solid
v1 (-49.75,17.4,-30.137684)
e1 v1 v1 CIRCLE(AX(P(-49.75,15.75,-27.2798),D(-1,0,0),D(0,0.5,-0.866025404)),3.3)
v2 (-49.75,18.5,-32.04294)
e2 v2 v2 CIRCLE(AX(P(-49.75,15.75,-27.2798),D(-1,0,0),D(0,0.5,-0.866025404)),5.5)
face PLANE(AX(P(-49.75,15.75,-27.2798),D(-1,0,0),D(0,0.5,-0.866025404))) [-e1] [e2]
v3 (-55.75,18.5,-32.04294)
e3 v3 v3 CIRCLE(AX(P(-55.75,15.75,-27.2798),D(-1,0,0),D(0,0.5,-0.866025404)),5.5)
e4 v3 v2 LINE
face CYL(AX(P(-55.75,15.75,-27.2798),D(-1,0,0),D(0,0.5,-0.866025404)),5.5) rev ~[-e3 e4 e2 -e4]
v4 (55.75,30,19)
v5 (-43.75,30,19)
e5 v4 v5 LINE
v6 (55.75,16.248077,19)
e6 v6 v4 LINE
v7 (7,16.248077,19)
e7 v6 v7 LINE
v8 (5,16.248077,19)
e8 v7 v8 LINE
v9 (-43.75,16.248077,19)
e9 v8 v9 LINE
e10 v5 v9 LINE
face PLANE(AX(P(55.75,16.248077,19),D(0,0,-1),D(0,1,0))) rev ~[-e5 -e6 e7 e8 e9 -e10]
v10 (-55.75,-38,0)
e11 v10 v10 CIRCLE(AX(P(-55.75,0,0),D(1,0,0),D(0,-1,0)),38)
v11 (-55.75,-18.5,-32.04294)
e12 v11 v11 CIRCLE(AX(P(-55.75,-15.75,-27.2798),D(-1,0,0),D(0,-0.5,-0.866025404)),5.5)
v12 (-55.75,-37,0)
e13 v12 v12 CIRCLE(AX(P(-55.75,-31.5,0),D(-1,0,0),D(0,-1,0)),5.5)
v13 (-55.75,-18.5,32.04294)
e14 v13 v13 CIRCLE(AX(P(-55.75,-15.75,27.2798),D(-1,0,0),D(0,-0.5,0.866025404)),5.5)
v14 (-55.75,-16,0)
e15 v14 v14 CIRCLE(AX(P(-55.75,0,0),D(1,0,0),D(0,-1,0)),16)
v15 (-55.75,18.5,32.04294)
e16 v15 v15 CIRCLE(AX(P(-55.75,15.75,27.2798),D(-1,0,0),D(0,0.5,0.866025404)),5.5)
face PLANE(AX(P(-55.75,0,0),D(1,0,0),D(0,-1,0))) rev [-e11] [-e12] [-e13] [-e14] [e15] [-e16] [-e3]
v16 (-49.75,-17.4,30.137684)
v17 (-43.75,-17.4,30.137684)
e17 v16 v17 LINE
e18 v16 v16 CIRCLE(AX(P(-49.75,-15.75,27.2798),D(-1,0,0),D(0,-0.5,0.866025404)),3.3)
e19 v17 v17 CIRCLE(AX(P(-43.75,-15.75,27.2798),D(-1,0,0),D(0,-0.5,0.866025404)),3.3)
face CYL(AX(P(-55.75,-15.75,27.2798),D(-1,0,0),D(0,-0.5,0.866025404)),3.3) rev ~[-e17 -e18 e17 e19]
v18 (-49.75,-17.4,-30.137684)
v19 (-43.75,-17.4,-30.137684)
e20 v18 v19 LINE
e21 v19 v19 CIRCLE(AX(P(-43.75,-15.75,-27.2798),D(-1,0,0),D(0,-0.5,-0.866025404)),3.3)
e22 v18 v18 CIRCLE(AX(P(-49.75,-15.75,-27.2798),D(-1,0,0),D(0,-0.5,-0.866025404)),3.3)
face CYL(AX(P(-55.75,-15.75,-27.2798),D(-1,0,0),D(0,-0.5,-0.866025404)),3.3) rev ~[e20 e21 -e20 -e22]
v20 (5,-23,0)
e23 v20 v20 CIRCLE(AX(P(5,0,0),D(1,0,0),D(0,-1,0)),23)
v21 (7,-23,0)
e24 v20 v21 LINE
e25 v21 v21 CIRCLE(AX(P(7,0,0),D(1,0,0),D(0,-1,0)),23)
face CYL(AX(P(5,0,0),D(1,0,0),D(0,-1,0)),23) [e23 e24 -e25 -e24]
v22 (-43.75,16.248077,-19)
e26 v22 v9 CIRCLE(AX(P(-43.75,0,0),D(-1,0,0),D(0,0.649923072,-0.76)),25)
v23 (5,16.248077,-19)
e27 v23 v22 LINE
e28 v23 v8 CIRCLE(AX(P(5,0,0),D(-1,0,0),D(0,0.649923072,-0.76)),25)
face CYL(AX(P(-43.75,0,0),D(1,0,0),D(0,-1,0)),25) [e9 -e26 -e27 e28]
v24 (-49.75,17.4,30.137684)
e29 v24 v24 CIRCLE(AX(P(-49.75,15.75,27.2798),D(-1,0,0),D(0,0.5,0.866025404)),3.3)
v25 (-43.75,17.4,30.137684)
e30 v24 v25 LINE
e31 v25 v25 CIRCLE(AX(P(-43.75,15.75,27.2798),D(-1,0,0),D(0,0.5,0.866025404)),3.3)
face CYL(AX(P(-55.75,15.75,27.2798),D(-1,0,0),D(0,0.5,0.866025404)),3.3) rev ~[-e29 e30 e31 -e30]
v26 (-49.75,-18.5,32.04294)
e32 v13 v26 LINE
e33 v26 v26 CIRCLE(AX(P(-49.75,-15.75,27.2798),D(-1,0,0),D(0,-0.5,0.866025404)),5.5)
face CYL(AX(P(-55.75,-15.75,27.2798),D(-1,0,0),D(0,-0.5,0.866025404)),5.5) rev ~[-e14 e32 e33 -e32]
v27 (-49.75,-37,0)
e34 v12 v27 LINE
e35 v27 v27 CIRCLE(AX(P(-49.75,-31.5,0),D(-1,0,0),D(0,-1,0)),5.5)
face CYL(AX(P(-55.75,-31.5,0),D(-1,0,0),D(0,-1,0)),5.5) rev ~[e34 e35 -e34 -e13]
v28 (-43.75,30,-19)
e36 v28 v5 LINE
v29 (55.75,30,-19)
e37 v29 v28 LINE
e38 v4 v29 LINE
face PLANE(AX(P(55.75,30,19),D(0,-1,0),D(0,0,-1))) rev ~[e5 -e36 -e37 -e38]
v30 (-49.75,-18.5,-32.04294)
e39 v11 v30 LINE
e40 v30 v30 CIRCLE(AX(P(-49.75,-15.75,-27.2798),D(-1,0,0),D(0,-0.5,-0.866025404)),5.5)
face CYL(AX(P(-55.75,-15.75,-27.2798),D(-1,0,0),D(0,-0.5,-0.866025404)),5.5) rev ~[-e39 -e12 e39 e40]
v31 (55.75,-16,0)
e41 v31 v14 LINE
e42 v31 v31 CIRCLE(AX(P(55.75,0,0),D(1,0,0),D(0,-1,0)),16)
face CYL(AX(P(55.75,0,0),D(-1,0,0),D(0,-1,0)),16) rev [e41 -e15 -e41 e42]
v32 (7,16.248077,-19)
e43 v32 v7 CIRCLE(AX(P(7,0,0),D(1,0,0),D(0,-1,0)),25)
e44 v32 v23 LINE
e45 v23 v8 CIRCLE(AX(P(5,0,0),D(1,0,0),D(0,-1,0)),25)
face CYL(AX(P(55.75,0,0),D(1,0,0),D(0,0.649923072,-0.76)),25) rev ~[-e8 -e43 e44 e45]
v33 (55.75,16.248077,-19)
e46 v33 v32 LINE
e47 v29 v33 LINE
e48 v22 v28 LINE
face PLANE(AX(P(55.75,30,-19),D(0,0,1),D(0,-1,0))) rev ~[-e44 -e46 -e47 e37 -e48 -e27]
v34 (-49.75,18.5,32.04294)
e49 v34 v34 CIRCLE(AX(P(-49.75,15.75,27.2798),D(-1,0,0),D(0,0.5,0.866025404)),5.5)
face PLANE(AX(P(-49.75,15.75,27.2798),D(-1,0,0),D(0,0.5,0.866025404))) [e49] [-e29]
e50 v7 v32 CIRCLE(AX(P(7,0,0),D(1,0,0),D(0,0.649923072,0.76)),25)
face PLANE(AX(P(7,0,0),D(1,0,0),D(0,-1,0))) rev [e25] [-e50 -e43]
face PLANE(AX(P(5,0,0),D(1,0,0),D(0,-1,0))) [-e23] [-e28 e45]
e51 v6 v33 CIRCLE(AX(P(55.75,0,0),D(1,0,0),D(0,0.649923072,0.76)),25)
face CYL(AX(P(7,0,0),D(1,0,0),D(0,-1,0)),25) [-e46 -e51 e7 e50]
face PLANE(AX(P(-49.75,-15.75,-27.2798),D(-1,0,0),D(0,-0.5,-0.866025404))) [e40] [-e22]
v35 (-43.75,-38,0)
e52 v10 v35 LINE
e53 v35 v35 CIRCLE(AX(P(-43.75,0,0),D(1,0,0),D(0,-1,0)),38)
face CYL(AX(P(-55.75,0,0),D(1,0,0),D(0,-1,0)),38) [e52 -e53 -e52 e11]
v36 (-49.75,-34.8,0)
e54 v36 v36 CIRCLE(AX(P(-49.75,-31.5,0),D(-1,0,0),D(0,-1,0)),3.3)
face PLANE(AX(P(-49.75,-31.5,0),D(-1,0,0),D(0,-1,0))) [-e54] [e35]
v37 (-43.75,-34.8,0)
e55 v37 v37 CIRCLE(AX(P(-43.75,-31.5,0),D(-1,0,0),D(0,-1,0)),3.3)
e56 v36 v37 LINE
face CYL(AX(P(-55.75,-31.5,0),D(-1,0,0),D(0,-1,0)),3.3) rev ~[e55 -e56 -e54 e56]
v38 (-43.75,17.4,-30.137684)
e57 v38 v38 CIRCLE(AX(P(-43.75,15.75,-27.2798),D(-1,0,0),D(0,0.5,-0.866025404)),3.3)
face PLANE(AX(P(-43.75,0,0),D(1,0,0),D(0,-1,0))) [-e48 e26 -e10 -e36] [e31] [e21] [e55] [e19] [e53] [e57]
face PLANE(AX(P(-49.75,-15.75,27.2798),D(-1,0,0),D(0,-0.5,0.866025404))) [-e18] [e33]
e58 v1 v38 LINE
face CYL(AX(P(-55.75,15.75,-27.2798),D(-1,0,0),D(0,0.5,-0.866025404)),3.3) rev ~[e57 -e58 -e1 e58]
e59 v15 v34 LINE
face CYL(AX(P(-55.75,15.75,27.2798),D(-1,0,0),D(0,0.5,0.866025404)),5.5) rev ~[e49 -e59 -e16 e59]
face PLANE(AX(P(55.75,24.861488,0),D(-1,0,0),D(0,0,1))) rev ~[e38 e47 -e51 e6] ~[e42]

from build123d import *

# Parameters (mm, degrees)
CUT_EXTRUDE1_REACH  = 125.775
SKETCH2_R           = 3.3
SKETCH3_R           = 5.5
CUT_EXTRUDE2_DEPTH  = 6
CIRPATTERN1_COUNT   = 6
BOSS_EXTRUDE1_REACH = 125.775


with BuildPart() as part:
    # Sketch1 → Revolve1 (revolve)
    with BuildSketch(Plane.XY, mode=Mode.PRIVATE) as revolve1_sk:
        Polygon((-55.75, 38), (-43.75, 38), (-43.75, 25), (5, 25), (5, 23), (7, 23), (7, 25), (55.75, 25), (55.75, 16), (-55.75, 16), align=None)
    revolve(revolve1_sk.sketch.rotate(Axis((-82.106015927, 0, 0), (1, 0, 0)), 180), axis=Axis((-82.106015927, 0, 0), (1, 0, 0)))

    # Sketch2 → Cut-Extrude1 (cut, up to next)
    with BuildSketch(Plane.ZY.offset(55.75), mode=Mode.PRIVATE) as cut_extrude1_sk1:
        with Locations(Location((0, -31.5, 0), (0, 0, 270))):
            Circle(SKETCH2_R)
    cut_extrude1_tool1 = extrude(cut_extrude1_sk1.sketch, amount=-CUT_EXTRUDE1_REACH, mode=Mode.PRIVATE) & part.part
    cut_extrude1 = cut_extrude1_tool1.solids().sort_by_distance((-55.75, -31.5, 0))[0]
    add(cut_extrude1, mode=Mode.SUBTRACT)

    # Sketch3 → Cut-Extrude2 (cut)
    with BuildSketch(Plane.ZY.offset(55.75)):
        with Locations(Location((0, -31.5, 0), (0, 0, 270))):
            Circle(SKETCH3_R)
    cut_extrude2 = extrude(amount=-CUT_EXTRUDE2_DEPTH, mode=Mode.SUBTRACT)

    # CirPattern1: Cut-Extrude1, Cut-Extrude2 ×6 about axis, 1 skipped
    cirpattern1_axis = Axis((0, 0, 0), (-1, 0, 0))
    add([cut_extrude1.rotate(cirpattern1_axis, i * 360 / CIRPATTERN1_COUNT) for i in range(1, CIRPATTERN1_COUNT) if i not in (3,)], mode=Mode.SUBTRACT)
    add([cut_extrude2.rotate(cirpattern1_axis, i * 360 / CIRPATTERN1_COUNT) for i in range(1, CIRPATTERN1_COUNT) if i not in (3,)], mode=Mode.SUBTRACT)

    # Boss-Extrude1: up to this face of the body (flat: up to its plane)
    boss_extrude1_end = Plane(part.part.faces().sort_by_distance((-43.75, 36.925197693, 0))[0])
    # Sketch5 → Boss-Extrude1 (add, up to the picked face)
    with BuildSketch(Plane(origin=(55.75, 0, 0), x_dir=(0, 0, -1), z_dir=(1, 0, 0)), mode=Mode.PRIVATE) as boss_extrude1_sk1:
        with BuildLine():
            Line((-19, 30), (19, 30))
            Line((19, 30), (19, 16.248076809))
            ThreePointArc((19, 16.248076809), (0, 25), (-19, 16.248076809))
            Line((-19, 16.248076809), (-19, 30))
        make_face()
    boss_extrude1_tool1 = split(extrude(boss_extrude1_sk1.sketch, amount=-BOSS_EXTRUDE1_REACH, mode=Mode.PRIVATE), bisect_by=boss_extrude1_end, keep=Keep.BOTH, mode=Mode.PRIVATE)
    add(boss_extrude1_tool1.solids().sort_by(Axis((55.75, 25.748801, 0), (-1, 0, 0)))[0])


solid = part.part
